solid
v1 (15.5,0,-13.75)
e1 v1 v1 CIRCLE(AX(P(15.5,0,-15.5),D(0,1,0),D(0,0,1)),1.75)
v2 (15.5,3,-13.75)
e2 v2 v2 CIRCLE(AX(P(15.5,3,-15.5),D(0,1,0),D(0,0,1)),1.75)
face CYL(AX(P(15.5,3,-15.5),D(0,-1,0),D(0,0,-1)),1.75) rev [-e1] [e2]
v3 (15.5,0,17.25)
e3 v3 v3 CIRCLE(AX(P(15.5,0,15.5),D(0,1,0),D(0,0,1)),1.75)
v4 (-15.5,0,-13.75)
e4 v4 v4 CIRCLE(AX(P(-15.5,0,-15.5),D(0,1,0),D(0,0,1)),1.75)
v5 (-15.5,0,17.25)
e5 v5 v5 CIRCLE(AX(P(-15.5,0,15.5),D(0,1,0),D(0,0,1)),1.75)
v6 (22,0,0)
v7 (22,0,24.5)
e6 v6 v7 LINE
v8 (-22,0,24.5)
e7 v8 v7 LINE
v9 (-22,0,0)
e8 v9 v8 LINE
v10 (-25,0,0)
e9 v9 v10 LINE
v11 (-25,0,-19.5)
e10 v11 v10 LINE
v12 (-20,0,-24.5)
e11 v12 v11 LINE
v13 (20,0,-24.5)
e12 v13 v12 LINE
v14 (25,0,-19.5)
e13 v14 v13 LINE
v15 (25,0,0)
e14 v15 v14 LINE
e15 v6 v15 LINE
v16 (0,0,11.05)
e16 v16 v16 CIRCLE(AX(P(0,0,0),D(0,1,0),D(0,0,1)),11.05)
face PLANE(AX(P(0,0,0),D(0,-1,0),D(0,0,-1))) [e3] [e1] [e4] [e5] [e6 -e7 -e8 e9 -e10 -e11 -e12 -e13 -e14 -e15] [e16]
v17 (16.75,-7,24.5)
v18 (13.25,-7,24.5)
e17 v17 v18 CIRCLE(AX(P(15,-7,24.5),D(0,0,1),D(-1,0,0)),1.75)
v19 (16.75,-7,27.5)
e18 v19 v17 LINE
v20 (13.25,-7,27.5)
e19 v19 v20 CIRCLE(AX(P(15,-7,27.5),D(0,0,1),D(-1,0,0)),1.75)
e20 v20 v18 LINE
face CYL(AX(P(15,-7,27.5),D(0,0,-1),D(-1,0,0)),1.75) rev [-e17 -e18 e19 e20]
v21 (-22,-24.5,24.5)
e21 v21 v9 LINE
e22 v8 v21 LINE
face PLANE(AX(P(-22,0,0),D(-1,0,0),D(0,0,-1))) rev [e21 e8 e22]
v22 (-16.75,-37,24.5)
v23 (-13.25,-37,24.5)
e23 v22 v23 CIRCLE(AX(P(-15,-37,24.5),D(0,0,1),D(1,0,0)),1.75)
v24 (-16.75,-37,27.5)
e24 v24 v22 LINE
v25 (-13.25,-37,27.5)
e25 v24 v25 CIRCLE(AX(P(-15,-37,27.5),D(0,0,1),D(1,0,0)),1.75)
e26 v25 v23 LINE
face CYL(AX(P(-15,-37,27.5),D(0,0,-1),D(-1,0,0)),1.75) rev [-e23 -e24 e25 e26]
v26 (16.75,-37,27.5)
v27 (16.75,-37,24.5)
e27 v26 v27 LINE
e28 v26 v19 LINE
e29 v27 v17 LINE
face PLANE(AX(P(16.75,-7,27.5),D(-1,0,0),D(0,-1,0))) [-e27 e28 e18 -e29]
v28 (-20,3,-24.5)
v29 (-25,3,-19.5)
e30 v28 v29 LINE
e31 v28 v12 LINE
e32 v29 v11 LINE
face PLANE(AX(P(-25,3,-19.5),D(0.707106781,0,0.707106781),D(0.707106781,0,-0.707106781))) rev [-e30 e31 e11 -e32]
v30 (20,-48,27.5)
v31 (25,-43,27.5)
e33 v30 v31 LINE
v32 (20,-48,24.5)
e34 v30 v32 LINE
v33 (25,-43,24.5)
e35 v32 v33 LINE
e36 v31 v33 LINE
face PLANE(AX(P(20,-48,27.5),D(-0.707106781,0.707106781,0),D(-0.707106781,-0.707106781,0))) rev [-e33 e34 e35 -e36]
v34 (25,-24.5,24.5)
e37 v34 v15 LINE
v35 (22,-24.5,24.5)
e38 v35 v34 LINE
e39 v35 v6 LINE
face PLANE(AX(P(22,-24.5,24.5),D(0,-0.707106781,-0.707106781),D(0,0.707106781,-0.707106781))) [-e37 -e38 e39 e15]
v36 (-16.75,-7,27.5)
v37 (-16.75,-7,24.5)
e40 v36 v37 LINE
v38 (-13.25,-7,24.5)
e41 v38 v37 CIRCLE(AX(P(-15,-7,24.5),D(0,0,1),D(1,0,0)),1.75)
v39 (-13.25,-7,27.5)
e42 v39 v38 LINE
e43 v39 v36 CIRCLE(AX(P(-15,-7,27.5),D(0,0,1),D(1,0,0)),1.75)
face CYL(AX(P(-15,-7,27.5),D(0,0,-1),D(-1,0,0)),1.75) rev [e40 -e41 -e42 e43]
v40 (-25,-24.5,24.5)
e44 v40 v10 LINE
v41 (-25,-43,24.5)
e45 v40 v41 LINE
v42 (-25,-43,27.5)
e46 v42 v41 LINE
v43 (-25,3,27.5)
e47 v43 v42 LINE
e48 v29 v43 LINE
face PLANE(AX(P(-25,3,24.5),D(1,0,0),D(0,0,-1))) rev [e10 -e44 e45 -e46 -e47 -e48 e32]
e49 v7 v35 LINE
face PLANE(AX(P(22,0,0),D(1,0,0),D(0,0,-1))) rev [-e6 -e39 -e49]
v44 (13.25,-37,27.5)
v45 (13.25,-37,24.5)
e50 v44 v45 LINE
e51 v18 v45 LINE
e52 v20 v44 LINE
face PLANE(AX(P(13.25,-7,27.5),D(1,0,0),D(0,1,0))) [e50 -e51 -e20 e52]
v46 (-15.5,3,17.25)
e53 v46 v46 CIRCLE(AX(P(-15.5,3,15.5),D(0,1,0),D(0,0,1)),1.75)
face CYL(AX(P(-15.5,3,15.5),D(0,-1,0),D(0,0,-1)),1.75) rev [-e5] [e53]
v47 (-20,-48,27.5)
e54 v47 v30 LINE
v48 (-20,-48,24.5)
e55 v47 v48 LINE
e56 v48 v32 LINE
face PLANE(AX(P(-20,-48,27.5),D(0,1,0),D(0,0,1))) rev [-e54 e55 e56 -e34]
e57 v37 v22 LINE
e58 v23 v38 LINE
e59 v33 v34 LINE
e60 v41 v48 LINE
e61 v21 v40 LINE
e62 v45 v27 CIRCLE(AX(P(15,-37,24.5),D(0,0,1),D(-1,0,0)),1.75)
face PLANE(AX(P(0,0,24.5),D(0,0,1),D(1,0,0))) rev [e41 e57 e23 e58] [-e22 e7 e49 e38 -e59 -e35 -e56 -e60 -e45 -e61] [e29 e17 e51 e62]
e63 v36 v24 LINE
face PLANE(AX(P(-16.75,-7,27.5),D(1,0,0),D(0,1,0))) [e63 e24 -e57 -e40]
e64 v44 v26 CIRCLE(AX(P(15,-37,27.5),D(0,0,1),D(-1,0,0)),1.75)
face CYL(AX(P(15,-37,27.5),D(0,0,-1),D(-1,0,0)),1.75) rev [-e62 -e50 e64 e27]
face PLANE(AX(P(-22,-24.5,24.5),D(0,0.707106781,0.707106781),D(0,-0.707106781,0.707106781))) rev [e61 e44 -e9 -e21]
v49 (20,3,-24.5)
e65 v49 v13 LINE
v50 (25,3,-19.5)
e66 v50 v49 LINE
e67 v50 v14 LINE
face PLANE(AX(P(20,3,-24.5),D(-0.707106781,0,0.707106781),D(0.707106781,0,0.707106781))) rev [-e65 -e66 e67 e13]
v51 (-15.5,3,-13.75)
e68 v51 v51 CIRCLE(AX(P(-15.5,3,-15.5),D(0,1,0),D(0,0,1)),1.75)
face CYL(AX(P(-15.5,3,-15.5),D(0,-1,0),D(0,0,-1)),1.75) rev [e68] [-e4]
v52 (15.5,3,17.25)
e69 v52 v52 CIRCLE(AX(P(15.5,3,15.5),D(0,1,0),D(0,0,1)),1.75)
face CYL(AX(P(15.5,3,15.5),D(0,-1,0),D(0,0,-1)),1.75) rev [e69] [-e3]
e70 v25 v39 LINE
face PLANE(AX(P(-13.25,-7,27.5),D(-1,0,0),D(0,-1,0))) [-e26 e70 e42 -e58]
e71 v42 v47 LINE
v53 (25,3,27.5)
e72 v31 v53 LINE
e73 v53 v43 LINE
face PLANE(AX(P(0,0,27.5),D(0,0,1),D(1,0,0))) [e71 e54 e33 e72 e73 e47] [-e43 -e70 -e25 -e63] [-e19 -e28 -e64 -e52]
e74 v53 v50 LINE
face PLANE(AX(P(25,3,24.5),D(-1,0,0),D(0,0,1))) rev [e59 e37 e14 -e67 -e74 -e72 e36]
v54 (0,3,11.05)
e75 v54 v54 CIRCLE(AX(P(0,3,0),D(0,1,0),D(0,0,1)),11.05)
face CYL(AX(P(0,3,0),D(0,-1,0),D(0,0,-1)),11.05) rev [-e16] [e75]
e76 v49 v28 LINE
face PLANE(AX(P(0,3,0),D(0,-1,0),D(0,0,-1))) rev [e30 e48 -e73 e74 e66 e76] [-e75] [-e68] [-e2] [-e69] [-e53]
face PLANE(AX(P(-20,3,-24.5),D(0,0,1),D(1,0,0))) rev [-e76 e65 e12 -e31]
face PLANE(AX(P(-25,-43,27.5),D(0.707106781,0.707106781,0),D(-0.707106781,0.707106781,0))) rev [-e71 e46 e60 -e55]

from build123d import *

# Parameters (mm, degrees)
SKETCH_1_R      = 11.05
SKETCH_1_R_2    = 1.75
EXTRUDE_1_DEPTH = 3
EXTRUDE_2_DEPTH = 3
EXTRUDE_3_DEPTH = 3


with BuildPart() as part:
    # 草图1 → 凸台-拉伸1 (new body)
    with BuildSketch(Plane(origin=(0, 0, 0), x_dir=(1, 0, 0), z_dir=(0, 1, 0))):
        Polygon((-25, 19.5), (-20, 24.5), (20, 24.5), (25, 19.5), (25, -24.5), (-25, -24.5), align=None)
        with Locations(Location((0, 0, 0), (0, 0, 270))):
            Circle(SKETCH_1_R, mode=Mode.SUBTRACT)
        with Locations(Location((15.5, 15.5, 0), (0, 0, 270))):
            Circle(SKETCH_1_R_2, mode=Mode.SUBTRACT)
        with Locations(Location((15.5, -15.5, 0), (0, 0, 270))):
            Circle(SKETCH_1_R_2, mode=Mode.SUBTRACT)
        with Locations(Location((-15.5, -15.5, 0), (0, 0, 270))):
            Circle(SKETCH_1_R_2, mode=Mode.SUBTRACT)
        with Locations(Location((-15.5, 15.5, 0), (0, 0, 270))):
            Circle(SKETCH_1_R_2, mode=Mode.SUBTRACT)
    extrude(amount=EXTRUDE_1_DEPTH)

    # 草图3 → 凸台-拉伸2 (add)
    with BuildSketch(Plane.XY.offset(24.5)):
        Polygon((-25, 3), (25, 3), (25, -43), (20, -48), (-20, -48), (-25, -43), align=None)
        with BuildLine():
            Line((-13.25, -7), (-13.25, -37))
            ThreePointArc((-13.25, -37), (-15, -38.75), (-16.75, -37))
            Line((-16.75, -37), (-16.75, -7))
            ThreePointArc((-16.75, -7), (-15, -5.25), (-13.25, -7))
        make_face(mode=Mode.SUBTRACT)
        with BuildLine():
            Line((13.25, -7), (13.25, -37))
            ThreePointArc((13.25, -37), (15, -38.75), (16.75, -37))
            Line((16.75, -37), (16.75, -7))
            ThreePointArc((16.75, -7), (15, -5.25), (13.25, -7))
        make_face(mode=Mode.SUBTRACT)
    extrude(amount=EXTRUDE_2_DEPTH)

    # 草图4 → 凸台-拉伸3 (add)
    with BuildSketch(Plane(origin=(25, 0, 0), x_dir=(0, 0, -1), z_dir=(1, 0, 0))):
        Polygon((-24.5, 0), (0, 0), (-24.5, -24.5), align=None)
    extrude_3 = extrude(amount=-EXTRUDE_3_DEPTH)

    # 镜向1: 凸台-拉伸3 across plane
    add(extrude_3.mirror(Plane(origin=(0, 0, 0), x_dir=(0, 0, 1), z_dir=(1, 0, 0))))


solid = part.part
